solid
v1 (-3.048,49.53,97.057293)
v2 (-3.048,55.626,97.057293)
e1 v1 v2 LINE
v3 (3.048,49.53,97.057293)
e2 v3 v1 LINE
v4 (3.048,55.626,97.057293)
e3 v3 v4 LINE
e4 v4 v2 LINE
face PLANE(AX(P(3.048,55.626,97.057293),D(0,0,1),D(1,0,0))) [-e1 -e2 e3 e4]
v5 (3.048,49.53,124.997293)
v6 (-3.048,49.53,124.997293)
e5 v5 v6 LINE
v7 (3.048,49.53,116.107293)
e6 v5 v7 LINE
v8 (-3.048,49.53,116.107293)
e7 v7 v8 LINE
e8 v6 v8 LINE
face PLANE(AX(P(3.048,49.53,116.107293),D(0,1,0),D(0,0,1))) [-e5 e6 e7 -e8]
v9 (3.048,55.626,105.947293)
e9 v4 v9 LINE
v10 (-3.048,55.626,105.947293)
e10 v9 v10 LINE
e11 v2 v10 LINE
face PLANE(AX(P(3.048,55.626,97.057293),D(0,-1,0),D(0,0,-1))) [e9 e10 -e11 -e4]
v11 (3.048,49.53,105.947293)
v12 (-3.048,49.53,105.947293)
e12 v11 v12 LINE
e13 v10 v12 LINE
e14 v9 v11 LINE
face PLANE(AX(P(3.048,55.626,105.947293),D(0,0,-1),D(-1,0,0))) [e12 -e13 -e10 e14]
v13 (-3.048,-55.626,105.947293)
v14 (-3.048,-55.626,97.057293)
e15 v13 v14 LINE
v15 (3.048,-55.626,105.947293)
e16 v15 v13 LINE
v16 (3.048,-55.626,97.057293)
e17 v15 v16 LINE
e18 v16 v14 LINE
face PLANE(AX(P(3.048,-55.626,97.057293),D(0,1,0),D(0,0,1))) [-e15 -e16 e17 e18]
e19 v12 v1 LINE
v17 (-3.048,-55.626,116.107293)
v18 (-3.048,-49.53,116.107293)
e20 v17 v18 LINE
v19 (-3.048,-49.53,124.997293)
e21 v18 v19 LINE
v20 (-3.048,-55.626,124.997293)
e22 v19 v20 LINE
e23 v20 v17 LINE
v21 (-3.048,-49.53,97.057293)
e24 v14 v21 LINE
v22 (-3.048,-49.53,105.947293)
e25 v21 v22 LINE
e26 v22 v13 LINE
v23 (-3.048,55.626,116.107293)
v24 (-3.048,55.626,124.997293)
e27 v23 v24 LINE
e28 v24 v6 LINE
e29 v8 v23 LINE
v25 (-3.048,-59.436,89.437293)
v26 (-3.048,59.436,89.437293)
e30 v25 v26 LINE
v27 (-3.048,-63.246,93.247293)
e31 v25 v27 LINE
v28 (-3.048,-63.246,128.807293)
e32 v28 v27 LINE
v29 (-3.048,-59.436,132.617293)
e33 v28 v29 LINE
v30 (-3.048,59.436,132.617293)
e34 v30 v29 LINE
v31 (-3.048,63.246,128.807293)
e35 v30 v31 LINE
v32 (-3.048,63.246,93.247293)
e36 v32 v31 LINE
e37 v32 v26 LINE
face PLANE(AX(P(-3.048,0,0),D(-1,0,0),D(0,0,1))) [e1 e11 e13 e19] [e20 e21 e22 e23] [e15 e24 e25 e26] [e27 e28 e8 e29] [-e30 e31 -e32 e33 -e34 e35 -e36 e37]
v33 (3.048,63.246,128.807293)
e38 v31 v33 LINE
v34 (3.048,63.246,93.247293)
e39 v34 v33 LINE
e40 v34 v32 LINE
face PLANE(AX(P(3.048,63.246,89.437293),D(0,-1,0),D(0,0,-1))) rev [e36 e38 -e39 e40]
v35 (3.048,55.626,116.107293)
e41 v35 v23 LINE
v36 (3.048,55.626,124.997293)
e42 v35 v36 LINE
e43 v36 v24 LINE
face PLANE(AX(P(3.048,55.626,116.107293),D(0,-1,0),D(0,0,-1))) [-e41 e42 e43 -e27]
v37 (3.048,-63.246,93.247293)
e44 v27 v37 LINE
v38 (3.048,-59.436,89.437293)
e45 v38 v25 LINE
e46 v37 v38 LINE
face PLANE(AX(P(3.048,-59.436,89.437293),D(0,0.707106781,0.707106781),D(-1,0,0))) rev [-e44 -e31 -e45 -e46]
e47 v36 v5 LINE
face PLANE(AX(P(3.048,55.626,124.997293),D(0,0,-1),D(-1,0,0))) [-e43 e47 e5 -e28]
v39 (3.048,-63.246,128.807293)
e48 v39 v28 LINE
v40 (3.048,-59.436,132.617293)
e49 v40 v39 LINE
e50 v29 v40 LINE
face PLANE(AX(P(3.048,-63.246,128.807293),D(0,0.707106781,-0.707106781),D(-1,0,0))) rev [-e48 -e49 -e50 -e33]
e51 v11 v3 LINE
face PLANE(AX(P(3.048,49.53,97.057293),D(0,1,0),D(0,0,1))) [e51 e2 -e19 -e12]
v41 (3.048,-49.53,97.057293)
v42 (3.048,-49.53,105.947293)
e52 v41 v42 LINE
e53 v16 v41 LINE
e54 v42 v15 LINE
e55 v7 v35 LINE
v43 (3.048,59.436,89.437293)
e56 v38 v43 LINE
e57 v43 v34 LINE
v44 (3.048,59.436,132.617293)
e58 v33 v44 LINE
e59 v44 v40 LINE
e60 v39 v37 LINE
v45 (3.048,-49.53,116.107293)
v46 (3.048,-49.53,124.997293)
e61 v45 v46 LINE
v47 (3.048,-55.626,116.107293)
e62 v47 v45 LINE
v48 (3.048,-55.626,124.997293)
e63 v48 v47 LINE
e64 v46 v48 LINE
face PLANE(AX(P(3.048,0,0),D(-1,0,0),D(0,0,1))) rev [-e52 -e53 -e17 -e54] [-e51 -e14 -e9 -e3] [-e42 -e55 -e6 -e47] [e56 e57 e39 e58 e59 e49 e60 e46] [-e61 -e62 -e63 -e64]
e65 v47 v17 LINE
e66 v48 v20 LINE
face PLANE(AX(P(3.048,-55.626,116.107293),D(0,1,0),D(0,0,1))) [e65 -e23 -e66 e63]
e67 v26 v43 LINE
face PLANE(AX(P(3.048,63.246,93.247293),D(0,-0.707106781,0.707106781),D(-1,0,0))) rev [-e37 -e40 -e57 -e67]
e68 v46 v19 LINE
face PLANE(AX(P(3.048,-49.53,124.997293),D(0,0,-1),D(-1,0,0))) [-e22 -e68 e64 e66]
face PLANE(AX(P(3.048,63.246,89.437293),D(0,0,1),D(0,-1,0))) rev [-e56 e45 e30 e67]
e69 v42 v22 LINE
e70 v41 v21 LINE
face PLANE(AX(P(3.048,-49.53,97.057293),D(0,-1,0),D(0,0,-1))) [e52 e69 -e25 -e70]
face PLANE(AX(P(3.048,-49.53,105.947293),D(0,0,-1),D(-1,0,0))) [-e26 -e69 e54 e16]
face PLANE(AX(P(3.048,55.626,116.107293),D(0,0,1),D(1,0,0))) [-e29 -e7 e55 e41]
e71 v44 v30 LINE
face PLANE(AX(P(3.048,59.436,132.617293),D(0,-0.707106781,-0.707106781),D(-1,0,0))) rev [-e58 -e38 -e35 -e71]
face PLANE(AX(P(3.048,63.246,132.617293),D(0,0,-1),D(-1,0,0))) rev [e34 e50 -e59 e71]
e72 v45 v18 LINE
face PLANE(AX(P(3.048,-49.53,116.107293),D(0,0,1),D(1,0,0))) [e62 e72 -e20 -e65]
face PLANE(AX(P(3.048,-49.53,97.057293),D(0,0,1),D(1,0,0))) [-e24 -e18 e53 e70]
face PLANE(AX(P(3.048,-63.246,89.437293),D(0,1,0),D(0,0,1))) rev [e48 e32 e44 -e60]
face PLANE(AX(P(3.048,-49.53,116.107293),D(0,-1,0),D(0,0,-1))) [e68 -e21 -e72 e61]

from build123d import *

# Parameters (mm, degrees)
SKETCH1_W           = 43.18
SKETCH1_H           = 126.492
SKETCH1_W_2         = 8.89
SKETCH1_H_2         = 6.096
BOSS_EXTRUDE1_DEPTH = 3.048
CHAMFER1_SIZE       = 3.81


with BuildPart() as part:
    # Sketch1 → Boss-Extrude1 (new body, symmetric)
    with BuildSketch(Plane(origin=(0, 0, 0), x_dir=(0, 0, -1), z_dir=(1, 0, 0))):
        with Locations((-111.027292876, 0)):
            Rectangle(SKETCH1_W, SKETCH1_H)
        with Locations((-101.502292876, 52.578)):
            Rectangle(SKETCH1_W_2, SKETCH1_H_2, mode=Mode.SUBTRACT)
        with Locations((-120.552292876, 52.578)):
            Rectangle(SKETCH1_W_2, SKETCH1_H_2, mode=Mode.SUBTRACT)
        with Locations((-101.502292876, -52.578)):
            Rectangle(SKETCH1_W_2, SKETCH1_H_2, mode=Mode.SUBTRACT)
        with Locations((-120.552292876, -52.578)):
            Rectangle(SKETCH1_W_2, SKETCH1_H_2, mode=Mode.SUBTRACT)
    extrude(amount=BOSS_EXTRUDE1_DEPTH, both=True)

    # Chamfer1
    chamfer1_edges = [part.edges().sort_by_distance(p)[0] for p in [
        (0, -63.246, 89.437292876),
        (0, -63.246, 132.617292876),
        (0, 63.246, 132.617292876),
        (0, 63.246, 89.437292876),
    ]]
    chamfer(chamfer1_edges, length=CHAMFER1_SIZE)


solid = part.part
